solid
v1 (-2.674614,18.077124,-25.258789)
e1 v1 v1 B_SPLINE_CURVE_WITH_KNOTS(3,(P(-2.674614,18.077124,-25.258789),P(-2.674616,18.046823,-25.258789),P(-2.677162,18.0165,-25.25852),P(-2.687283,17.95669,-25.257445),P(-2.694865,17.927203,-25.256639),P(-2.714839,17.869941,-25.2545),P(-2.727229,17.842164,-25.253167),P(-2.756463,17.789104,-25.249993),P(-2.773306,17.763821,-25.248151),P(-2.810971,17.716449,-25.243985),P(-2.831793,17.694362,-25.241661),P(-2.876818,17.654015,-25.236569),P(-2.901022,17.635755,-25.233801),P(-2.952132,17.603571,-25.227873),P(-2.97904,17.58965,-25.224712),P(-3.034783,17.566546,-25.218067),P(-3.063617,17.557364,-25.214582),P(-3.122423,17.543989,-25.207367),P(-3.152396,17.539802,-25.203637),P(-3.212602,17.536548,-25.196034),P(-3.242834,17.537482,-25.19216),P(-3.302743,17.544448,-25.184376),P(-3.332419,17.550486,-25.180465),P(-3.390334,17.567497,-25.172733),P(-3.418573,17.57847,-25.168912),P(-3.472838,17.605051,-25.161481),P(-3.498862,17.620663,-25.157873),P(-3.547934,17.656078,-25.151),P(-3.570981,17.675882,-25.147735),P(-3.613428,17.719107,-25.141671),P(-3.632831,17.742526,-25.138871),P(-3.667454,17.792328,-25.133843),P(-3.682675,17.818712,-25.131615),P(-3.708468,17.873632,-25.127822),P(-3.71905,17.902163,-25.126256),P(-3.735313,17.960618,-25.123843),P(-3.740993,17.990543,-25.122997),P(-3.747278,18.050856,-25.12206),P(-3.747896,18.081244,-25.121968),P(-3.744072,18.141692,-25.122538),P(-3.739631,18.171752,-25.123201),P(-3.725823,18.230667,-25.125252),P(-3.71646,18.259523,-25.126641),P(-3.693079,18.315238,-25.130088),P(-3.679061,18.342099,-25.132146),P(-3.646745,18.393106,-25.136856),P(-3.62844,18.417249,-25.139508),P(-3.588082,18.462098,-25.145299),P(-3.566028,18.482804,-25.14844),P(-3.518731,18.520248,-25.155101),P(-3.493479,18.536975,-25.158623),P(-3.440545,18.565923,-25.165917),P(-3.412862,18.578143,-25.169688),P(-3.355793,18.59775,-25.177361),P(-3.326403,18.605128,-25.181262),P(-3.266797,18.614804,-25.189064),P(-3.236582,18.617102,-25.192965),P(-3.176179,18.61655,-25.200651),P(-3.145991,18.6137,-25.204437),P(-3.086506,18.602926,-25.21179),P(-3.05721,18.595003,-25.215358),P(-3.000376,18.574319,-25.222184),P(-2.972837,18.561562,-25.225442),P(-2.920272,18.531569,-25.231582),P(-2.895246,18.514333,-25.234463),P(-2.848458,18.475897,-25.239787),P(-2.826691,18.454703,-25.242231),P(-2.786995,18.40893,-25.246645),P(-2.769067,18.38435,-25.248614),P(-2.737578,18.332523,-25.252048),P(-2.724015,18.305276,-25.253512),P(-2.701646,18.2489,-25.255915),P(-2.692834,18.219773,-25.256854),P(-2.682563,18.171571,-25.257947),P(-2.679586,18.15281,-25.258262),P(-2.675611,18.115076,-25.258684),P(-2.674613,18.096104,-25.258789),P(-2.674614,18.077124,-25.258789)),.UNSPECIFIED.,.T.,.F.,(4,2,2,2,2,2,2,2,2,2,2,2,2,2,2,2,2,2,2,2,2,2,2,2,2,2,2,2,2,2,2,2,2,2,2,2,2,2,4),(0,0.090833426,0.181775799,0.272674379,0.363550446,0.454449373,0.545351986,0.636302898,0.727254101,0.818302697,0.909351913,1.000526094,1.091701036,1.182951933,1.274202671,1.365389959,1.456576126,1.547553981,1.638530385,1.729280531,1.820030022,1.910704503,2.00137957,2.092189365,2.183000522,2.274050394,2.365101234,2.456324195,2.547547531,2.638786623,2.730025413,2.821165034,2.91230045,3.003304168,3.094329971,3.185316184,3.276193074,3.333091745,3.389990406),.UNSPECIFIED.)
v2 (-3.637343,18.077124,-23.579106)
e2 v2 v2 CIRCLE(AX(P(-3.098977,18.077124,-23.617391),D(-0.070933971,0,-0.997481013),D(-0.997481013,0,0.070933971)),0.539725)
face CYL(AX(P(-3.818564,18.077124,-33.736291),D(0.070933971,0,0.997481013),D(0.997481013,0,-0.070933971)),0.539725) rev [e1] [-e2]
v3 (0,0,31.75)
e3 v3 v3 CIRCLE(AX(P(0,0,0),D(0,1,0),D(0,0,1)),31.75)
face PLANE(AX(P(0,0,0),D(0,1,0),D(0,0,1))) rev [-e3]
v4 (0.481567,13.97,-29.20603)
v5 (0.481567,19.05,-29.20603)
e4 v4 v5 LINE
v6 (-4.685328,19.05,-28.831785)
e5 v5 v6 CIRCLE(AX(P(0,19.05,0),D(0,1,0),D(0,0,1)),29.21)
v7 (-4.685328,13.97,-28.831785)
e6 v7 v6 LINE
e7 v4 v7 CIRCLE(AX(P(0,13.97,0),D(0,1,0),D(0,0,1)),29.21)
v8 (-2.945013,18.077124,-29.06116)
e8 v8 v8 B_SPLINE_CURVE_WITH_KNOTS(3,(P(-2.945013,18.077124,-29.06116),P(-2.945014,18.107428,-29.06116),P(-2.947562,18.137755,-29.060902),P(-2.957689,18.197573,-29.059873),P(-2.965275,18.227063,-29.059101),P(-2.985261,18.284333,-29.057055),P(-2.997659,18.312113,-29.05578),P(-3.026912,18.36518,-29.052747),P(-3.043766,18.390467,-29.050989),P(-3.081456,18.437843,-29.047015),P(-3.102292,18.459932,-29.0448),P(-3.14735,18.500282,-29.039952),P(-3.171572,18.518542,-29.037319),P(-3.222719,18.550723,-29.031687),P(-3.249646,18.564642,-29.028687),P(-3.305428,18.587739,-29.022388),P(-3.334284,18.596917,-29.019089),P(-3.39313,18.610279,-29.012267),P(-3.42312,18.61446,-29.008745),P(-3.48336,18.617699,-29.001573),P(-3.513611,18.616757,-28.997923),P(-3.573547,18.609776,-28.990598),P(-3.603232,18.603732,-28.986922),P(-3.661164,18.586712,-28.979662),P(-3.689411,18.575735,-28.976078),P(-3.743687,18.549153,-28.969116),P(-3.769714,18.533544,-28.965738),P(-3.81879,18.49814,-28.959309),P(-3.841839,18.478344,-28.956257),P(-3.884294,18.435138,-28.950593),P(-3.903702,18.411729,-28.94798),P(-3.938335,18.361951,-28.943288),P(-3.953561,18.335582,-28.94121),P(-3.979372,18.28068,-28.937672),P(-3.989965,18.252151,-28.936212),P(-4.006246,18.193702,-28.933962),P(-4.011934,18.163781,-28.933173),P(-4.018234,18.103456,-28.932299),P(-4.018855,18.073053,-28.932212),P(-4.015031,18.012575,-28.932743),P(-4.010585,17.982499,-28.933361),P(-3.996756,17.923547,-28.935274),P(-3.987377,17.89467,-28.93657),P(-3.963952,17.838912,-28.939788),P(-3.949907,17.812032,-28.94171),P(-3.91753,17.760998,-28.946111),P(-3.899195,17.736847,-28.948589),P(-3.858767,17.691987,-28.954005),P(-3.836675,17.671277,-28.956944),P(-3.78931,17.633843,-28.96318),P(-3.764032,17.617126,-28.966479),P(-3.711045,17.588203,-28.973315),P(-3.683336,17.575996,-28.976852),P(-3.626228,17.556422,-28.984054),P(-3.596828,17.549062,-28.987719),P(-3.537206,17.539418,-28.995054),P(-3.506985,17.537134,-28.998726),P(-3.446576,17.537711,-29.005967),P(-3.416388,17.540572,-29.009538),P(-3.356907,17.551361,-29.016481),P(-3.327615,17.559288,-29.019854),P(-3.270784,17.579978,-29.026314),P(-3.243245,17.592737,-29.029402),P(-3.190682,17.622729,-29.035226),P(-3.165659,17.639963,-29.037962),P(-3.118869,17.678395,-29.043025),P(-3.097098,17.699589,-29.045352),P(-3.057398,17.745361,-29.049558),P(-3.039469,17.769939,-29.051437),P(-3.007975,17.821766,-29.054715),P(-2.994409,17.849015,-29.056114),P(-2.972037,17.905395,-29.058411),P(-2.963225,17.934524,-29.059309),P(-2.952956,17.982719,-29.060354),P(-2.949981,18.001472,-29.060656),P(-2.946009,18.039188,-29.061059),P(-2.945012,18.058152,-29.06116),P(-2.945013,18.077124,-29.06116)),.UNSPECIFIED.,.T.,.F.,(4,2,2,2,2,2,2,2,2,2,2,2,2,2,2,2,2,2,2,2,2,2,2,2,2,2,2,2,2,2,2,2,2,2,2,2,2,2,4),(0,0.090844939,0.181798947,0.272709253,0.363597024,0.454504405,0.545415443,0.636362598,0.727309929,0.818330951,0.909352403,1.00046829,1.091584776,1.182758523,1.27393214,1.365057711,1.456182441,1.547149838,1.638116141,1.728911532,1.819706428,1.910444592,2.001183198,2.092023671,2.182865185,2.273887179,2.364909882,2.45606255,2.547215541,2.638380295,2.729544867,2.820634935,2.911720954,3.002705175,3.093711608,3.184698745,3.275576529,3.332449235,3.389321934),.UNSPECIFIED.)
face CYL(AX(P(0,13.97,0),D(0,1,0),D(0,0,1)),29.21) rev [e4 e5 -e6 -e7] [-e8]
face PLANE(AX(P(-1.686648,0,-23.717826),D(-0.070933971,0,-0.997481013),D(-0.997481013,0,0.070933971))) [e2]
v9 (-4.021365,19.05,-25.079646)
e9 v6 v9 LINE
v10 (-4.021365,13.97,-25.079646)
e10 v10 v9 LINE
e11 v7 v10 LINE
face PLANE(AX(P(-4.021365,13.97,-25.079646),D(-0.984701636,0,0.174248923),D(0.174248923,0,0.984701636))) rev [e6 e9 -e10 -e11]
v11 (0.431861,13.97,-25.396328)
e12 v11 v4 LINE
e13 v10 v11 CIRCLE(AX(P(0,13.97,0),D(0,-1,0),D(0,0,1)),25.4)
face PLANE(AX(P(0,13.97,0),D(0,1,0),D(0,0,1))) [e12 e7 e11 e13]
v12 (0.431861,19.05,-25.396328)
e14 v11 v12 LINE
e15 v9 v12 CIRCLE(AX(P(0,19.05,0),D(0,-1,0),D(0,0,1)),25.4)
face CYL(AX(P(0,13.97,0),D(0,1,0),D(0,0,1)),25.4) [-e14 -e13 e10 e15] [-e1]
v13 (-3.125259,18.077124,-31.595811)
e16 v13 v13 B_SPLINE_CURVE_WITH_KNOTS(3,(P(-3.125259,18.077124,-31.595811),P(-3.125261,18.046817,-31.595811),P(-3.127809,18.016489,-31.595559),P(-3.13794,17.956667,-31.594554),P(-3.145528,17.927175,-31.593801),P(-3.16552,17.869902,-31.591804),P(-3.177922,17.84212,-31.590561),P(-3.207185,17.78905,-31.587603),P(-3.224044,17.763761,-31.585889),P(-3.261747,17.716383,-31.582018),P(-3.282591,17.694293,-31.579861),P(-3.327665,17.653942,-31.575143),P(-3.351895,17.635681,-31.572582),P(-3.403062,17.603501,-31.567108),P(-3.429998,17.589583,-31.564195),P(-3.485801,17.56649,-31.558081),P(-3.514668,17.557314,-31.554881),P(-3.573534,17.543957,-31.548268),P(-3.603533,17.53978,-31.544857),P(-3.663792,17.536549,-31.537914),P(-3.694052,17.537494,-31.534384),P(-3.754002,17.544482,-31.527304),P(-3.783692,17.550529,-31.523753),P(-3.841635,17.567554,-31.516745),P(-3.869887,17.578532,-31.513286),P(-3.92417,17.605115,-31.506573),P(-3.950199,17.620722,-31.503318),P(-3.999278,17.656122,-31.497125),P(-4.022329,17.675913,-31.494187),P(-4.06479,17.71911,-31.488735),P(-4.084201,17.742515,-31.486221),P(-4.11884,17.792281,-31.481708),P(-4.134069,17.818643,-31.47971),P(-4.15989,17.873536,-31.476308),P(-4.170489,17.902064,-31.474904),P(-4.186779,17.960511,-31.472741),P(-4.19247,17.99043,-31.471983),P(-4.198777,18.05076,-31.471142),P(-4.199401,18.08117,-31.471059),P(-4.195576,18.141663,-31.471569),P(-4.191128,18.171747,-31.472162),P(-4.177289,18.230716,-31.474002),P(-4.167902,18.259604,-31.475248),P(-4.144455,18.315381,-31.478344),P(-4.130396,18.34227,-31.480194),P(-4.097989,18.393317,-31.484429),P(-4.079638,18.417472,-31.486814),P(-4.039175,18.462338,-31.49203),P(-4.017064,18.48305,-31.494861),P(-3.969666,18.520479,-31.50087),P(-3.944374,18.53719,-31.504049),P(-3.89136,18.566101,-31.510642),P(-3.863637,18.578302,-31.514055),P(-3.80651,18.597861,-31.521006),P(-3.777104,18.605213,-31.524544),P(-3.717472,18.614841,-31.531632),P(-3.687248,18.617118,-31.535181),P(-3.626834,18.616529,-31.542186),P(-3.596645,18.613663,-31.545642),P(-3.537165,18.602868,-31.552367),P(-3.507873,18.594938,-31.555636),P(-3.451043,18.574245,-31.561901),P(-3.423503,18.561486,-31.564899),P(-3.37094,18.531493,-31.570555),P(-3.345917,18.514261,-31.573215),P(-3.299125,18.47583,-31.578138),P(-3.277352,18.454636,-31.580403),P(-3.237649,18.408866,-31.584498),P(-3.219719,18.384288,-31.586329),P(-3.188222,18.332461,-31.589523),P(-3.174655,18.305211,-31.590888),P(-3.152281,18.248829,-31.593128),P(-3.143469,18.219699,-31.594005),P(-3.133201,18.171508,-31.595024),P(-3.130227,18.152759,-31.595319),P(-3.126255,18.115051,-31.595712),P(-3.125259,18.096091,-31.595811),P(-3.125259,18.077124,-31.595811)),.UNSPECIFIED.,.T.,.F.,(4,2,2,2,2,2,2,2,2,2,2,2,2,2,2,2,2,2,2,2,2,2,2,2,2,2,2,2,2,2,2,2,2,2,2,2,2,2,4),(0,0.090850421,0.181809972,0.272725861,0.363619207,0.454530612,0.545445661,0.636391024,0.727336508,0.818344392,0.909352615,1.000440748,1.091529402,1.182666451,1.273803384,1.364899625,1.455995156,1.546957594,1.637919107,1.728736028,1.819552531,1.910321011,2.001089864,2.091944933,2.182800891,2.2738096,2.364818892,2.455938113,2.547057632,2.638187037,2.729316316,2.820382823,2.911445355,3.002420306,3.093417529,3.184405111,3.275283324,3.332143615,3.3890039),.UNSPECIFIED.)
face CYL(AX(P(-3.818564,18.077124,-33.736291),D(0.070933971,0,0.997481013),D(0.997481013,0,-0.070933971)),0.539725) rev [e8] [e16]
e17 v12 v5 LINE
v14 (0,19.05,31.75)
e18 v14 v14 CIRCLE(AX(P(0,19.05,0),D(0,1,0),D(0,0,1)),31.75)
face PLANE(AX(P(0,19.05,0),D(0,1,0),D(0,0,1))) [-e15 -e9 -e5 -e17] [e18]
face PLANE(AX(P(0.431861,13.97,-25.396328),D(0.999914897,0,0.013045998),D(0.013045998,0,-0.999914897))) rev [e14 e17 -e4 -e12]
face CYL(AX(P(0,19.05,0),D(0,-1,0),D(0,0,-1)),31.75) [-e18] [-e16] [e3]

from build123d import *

# Parameters (mm, degrees)
SKETCH1_R               = 31.75
BOSS_EXTRUDE1_DEPTH     = 19.05
CUT_EXTRUDE1_DEPTH      = 5.08
SKETCH4_R               = 0.539725026
CUT_EXTRUDE2_DEPTH      = 9.62045401
CUT_EXTRUDE2_DEPTH_BACK = 1.524


with BuildPart() as part:
    # Sketch1 → Boss-Extrude1 (new body)
    with BuildSketch(Plane(origin=(0, 0, 0), x_dir=(1, 0, 0), z_dir=(0, 1, 0))):
        Circle(SKETCH1_R)
    extrude(amount=BOSS_EXTRUDE1_DEPTH)

    # Sketch2 → Cut-Extrude1 (cut)
    with BuildSketch(Plane(origin=(0, 19.05, 0), x_dir=(1, 0, 0), z_dir=(0, 1, 0))):
        with BuildLine():
            Line((0.431861346, 25.396328392), (0.481566937, 29.206030084))
            ThreePointArc((0.481566937, 29.206030084), (-2.110193645, 29.133677811), (-4.685328245, 28.831784531))
            Line((-4.685328245, 28.831784531), (-4.021364533, 25.079645677))
            ThreePointArc((-4.021364533, 25.079645677), (-1.801722861, 25.336017736), (0.431861346, 25.396328392))
        make_face()
    extrude(amount=-CUT_EXTRUDE1_DEPTH, mode=Mode.SUBTRACT)

    # Sketch4 → Cut-Extrude2 (cut, two sides)
    with BuildSketch(Plane(origin=(-1.794751593, 0, -25.237987034), x_dir=(-0.997481013, 0, 0.070933971), z_dir=(-0.070933971, 0, -0.997481013))) as cut_extrude2_sk:
        with Locations((1.415895648, 18.077123557)):
            Circle(SKETCH4_R)
    extrude(amount=CUT_EXTRUDE2_DEPTH, mode=Mode.SUBTRACT)
    extrude(cut_extrude2_sk.sketch, amount=-CUT_EXTRUDE2_DEPTH_BACK, mode=Mode.SUBTRACT)


solid = part.part
